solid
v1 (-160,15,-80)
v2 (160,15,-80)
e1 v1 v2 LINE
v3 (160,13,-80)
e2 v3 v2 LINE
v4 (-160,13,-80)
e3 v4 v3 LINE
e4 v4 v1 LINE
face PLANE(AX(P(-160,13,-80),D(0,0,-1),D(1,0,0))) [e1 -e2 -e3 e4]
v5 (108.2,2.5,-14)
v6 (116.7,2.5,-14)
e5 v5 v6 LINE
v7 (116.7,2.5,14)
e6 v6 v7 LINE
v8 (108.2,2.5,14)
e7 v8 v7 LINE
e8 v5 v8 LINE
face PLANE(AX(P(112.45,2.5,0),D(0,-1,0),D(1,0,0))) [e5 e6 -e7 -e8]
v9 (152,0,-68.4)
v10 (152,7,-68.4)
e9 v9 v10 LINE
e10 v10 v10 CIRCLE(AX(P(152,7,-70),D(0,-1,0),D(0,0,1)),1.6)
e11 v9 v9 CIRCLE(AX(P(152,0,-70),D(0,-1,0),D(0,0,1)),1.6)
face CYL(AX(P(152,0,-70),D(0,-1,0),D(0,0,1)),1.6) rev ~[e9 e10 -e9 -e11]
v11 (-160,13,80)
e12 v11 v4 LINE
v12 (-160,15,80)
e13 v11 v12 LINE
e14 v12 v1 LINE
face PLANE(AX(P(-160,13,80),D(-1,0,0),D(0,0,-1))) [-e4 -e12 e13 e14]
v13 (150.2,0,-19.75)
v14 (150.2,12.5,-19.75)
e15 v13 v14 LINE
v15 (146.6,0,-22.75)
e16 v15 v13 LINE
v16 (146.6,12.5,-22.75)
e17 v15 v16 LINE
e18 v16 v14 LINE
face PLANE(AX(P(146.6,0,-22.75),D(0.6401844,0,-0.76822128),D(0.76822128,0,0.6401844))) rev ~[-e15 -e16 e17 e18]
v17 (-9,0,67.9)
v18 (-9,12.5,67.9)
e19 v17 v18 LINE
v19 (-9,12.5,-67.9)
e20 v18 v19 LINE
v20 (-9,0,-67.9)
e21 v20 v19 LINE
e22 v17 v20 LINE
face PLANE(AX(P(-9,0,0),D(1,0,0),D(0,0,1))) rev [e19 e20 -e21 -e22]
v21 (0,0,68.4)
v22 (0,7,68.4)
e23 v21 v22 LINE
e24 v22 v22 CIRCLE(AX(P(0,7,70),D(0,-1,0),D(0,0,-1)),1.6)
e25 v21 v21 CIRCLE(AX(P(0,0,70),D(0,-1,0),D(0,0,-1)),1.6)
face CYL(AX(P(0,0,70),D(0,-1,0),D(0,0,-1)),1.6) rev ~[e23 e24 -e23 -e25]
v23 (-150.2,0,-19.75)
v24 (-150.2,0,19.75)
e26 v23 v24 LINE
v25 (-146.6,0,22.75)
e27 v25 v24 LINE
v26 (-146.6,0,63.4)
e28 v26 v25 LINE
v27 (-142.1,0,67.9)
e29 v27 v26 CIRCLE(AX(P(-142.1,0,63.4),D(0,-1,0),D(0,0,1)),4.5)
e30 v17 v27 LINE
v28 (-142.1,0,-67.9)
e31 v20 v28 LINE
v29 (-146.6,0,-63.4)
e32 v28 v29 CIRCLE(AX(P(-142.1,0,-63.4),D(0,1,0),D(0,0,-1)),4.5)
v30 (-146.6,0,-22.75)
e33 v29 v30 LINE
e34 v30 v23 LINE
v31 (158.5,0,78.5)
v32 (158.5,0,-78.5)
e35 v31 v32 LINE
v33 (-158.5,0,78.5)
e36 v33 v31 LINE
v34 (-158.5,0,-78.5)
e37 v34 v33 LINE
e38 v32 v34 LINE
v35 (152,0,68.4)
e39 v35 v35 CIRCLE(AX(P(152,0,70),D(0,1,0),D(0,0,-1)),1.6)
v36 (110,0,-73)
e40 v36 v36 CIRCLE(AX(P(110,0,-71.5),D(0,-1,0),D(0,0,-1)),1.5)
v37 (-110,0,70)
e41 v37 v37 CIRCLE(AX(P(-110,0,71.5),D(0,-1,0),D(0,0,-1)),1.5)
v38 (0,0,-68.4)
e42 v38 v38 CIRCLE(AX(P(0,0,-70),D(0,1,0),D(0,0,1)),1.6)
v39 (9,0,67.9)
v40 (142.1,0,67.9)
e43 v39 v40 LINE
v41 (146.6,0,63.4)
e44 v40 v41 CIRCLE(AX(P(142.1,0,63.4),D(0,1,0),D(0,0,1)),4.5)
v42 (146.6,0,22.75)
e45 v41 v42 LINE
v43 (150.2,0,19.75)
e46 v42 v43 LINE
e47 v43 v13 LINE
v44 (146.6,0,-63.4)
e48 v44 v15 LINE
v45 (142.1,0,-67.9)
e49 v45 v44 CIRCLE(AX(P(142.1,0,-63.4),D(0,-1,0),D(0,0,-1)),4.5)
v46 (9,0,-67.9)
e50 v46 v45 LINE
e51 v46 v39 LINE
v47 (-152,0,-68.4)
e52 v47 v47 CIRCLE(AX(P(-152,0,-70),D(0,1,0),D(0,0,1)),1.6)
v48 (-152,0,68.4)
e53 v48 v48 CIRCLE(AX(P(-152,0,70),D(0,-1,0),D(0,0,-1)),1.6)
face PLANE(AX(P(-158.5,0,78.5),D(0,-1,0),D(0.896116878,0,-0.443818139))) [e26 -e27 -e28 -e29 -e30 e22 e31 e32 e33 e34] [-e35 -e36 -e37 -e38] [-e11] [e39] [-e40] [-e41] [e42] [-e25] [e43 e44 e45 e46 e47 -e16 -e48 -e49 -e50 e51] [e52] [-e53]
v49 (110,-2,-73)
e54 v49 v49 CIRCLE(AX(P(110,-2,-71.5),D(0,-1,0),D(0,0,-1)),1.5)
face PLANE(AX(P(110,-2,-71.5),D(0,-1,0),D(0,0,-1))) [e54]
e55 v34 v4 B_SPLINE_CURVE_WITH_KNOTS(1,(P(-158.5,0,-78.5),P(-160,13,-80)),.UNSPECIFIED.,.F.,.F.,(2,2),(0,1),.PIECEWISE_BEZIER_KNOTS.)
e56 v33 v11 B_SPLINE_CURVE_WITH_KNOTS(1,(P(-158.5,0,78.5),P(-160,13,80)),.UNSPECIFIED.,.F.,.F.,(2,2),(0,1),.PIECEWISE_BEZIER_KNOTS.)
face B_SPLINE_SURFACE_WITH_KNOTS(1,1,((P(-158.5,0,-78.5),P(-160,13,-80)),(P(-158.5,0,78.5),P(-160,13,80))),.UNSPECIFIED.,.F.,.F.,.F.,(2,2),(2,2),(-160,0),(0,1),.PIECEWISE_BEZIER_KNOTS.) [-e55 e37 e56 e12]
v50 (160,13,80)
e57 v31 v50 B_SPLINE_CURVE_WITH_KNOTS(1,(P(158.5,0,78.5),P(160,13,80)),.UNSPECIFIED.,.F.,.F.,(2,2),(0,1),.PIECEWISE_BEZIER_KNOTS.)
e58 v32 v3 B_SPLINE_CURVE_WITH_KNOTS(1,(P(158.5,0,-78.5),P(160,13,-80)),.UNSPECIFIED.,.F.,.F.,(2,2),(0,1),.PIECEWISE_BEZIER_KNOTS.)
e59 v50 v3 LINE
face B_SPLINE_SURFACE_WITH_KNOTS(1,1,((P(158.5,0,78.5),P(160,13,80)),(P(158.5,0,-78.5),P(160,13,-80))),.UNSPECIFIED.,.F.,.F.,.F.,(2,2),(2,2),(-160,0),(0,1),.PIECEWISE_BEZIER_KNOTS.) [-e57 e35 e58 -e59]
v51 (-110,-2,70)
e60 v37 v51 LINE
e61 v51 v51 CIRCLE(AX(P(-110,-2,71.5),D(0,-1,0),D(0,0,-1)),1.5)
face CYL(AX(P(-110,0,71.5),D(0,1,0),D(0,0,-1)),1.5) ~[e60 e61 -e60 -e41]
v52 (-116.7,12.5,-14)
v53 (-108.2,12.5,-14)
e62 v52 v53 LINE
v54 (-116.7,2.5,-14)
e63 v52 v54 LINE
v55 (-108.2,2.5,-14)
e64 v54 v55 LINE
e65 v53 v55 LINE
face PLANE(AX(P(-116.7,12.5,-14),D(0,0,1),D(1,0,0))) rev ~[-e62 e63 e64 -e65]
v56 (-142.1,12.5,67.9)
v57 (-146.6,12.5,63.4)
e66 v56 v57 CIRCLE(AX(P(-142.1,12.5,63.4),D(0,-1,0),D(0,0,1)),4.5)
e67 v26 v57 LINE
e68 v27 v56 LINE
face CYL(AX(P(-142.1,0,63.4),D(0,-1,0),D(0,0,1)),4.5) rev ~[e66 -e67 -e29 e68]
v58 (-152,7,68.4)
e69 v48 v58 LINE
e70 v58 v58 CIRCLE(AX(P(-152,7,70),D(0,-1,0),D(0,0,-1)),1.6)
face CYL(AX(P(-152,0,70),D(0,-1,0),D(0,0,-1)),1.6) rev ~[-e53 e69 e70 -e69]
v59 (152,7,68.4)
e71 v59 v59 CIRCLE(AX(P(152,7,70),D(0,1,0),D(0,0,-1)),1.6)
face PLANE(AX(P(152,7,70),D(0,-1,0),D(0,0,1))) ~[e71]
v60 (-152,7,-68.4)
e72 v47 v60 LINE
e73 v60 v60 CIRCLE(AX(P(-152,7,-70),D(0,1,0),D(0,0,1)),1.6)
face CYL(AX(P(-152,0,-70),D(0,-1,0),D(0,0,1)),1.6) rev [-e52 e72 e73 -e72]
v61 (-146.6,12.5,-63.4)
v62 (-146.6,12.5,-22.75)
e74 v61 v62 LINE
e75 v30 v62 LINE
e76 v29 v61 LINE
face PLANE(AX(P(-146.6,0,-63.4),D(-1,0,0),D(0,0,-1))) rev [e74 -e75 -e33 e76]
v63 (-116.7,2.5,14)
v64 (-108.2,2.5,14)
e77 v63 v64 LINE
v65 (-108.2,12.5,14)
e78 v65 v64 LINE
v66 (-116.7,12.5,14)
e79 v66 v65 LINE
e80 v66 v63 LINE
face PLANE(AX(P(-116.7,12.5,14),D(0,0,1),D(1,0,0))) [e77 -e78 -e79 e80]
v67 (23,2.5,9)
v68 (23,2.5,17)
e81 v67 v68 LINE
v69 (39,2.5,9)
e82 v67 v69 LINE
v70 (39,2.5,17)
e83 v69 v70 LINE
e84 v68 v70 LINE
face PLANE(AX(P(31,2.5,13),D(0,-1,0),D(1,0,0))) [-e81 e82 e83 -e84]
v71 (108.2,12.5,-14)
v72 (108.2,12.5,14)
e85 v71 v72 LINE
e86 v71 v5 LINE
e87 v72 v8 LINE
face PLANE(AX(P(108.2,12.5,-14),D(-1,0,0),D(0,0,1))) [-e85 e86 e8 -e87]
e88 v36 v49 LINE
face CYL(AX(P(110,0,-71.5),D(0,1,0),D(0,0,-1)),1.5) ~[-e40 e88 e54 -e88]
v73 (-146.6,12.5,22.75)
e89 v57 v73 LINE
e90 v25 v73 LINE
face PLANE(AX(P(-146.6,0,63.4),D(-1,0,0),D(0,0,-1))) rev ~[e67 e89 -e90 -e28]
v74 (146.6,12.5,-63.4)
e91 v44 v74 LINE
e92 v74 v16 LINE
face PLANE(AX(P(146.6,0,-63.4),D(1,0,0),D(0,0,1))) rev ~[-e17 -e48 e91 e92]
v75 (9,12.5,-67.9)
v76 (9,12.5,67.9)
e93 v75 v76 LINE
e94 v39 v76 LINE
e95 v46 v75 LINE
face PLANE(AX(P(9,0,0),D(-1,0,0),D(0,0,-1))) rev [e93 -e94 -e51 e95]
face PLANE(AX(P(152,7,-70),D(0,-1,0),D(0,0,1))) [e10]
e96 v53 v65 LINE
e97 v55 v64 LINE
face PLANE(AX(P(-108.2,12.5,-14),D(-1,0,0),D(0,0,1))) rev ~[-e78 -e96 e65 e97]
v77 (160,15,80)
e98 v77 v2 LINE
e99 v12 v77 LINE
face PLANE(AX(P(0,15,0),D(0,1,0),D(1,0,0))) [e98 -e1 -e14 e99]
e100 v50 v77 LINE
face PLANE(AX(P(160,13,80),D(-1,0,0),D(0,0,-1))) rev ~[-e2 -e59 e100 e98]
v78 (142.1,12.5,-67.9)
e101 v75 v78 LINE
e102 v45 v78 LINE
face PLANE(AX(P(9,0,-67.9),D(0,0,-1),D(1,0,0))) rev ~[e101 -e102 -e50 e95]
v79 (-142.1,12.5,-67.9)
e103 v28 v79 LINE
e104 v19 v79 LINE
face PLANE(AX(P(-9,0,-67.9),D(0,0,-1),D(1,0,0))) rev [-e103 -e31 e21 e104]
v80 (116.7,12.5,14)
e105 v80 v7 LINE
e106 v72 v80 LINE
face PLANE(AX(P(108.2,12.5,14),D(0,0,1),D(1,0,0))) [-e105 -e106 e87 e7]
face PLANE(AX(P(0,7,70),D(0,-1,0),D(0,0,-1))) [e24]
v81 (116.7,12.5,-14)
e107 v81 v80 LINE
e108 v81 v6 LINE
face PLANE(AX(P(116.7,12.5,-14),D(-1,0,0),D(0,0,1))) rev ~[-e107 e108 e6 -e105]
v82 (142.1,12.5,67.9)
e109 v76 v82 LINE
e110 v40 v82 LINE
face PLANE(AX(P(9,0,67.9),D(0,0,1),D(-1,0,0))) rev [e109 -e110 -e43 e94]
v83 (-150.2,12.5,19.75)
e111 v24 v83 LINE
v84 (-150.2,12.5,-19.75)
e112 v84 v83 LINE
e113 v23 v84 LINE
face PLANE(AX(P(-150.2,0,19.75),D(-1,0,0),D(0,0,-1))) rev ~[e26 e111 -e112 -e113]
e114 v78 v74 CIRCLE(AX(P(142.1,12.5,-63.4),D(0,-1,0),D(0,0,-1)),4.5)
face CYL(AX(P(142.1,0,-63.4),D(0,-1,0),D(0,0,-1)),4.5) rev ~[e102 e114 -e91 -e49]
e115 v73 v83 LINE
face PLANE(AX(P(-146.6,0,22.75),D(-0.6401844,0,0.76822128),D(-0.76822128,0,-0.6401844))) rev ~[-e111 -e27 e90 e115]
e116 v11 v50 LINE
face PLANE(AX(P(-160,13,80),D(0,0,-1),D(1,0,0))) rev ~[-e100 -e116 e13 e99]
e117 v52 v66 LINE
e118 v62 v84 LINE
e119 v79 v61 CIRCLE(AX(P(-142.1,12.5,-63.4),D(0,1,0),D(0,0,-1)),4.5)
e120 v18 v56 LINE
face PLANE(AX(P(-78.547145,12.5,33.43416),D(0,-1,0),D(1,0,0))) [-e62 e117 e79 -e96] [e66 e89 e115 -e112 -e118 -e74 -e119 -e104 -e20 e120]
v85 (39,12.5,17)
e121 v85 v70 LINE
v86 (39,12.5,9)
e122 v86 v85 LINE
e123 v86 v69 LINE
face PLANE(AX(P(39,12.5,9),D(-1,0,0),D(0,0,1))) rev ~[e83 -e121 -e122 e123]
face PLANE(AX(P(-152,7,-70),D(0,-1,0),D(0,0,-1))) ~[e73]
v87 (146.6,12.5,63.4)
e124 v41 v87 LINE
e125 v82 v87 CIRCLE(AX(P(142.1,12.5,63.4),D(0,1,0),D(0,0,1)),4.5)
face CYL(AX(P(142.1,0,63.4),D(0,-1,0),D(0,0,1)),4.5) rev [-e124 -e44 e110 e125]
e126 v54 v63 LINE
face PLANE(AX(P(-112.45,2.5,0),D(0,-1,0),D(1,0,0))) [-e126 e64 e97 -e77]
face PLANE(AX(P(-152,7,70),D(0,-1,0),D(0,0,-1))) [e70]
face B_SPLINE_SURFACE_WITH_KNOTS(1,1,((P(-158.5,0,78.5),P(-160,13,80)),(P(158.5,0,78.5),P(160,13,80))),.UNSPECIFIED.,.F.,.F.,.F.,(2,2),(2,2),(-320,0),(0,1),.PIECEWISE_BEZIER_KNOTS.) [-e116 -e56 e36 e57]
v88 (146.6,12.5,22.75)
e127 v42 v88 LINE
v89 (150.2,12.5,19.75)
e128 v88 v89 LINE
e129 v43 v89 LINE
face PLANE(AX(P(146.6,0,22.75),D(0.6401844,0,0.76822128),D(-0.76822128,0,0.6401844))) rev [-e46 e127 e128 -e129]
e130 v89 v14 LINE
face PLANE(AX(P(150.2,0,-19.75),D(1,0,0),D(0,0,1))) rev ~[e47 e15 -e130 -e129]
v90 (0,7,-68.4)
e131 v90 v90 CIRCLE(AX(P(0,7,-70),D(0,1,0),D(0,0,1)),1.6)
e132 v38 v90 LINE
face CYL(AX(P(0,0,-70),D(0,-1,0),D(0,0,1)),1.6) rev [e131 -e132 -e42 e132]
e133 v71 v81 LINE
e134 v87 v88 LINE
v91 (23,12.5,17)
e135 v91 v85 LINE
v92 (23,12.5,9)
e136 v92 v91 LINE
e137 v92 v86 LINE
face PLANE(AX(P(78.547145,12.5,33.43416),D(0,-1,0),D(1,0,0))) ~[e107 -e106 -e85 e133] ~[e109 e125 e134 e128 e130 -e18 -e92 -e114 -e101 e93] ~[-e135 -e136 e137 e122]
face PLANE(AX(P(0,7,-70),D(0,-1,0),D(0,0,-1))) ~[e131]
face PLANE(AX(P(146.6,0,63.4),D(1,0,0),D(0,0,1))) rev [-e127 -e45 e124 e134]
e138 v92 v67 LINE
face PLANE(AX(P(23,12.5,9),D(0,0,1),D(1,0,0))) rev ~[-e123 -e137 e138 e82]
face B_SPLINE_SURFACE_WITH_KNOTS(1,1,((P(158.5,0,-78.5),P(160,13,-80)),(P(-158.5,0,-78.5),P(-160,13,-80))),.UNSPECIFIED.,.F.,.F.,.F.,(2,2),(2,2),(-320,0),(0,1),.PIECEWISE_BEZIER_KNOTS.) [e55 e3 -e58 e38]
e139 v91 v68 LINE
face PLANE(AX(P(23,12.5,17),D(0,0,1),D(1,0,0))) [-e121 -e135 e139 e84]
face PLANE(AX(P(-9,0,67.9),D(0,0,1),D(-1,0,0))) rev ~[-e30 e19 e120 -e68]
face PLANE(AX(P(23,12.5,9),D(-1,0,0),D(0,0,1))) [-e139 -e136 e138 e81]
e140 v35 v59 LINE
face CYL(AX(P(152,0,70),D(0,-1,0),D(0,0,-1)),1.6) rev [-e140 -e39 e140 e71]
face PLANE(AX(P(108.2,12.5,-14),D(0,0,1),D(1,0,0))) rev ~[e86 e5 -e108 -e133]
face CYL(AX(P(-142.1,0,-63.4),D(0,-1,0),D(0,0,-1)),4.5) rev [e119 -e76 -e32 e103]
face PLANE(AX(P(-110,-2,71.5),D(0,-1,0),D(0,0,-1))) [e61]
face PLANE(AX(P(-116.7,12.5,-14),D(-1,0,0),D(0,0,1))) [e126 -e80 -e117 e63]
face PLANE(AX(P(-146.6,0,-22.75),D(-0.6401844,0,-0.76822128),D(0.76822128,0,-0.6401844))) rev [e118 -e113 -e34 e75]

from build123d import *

# Parameters (mm, degrees)
SKETCH2_W                                  = 320
SKETCH2_H                                  = 160
BOSS_EXTRUDE1_DEPTH                        = 2
SKETCH3_R                                  = 1.6
CUT_EXTRUDE1_DEPTH                         = 7
CUT_EXTRUDE2_DEPTH                         = 12.5
MIRROR1_AT_THE_SECOND_PLANE_COPY_1_SKETC_R = 1.6
MIRROR1_AT_THE_SECOND_PLANE_COPY_1_DEPTH   = 7
MIRROR1_AT_THE_SECOND_PLANE_COPY_2_DEPTH   = 12.5
SKETCH4_W                                  = 8.5
SKETCH4_H                                  = 28
SKETCH4_W_2                                = 16
SKETCH4_H_2                                = 8
BOSS_EXTRUDE3_DEPTH                        = 10
SKETCH5_R                                  = 1.5
BOSS_EXTRUDE4_DEPTH                        = 2


with BuildPart() as part:
    # Sketch2 → Boss-Extrude1 (new body)
    with BuildSketch(Plane(origin=(0, 13, 0), x_dir=(1, 0, 0), z_dir=(0, 1, 0))):
        Rectangle(SKETCH2_W, SKETCH2_H)
    extrude(amount=BOSS_EXTRUDE1_DEPTH)

    # Sketch1 → Loft1 section 0
    with BuildSketch(Plane(origin=(0, 0, 0), x_dir=(1, 0, 0), z_dir=(0, 1, 0))):
        with BuildLine():
            Line((-158.5, -78.5), (158.5, -78.5))
            Line((158.5, -78.5), (158.5, 78.5))
            Line((158.5, 78.5), (-158.5, 78.5))
            Line((-158.5, 78.5), (-158.5, -78.5))
        make_face()
    # Sketch2<2> → Loft1 section 1
    with BuildSketch(Plane(origin=(0, 13, 0), x_dir=(1, 0, 0), z_dir=(0, 1, 0))):
        with BuildLine():
            Line((160, -80), (-160, -80))
            Line((-160, -80), (-160, 80))
            Line((-160, 80), (160, 80))
            Line((160, 80), (160, -80))
        make_face()
    loft()

    # Sketch3 → Cut-Extrude1 (cut)
    with BuildSketch(Plane.XZ):
        with Locations((0, 70)):
            Circle(SKETCH3_R)
        with Locations((-152, 70)):
            Circle(SKETCH3_R)
    cut_extrude1 = extrude(amount=-CUT_EXTRUDE1_DEPTH, mode=Mode.SUBTRACT)

    # Sketch3<4> → Cut-Extrude2 (cut)
    with BuildSketch(Plane.XZ):
        with BuildLine():
            Line((-150.2, 0), (-9, 0))
            Line((-9, 0), (-9, 67.9))
            Line((-9, 67.9), (-142.1, 67.9))
            ThreePointArc((-142.1, 67.9), (-145.281980515, 66.581980515), (-146.6, 63.4))
            Line((-146.6, 63.4), (-146.6, 22.75))
            Line((-146.6, 22.75), (-150.2, 19.75))
            Line((-150.2, 19.75), (-150.2, 0))
        make_face()
    cut_extrude2 = extrude(amount=-CUT_EXTRUDE2_DEPTH, mode=Mode.SUBTRACT)

    # Mirror1: Cut-Extrude1, Cut-Extrude2 across plane
    add(cut_extrude1.mirror(Plane.XY), mode=Mode.SUBTRACT)
    add(cut_extrude2.mirror(Plane.XY), mode=Mode.SUBTRACT)

    # Mirror1 at the second plane: Cut-Extrude1, Cut-Extrude2 across plane
    add(cut_extrude1.mirror(Plane(origin=(0, 0, 0), x_dir=(0, 0, 1), z_dir=(1, 0, 0))), mode=Mode.SUBTRACT)
    add(cut_extrude2.mirror(Plane(origin=(0, 0, 0), x_dir=(0, 0, 1), z_dir=(1, 0, 0))), mode=Mode.SUBTRACT)

    # Mirror1 at the second plane copy 1 sketc → Mirror1 at the second plane copy 1 (cut)
    with BuildSketch(Plane(origin=(0, 0, 0), x_dir=(-1, 0, 0), z_dir=(0, -1, 0))):
        with Locations((0, 70)):
            Circle(MIRROR1_AT_THE_SECOND_PLANE_COPY_1_SKETC_R)
        with Locations((-152, 70)):
            Circle(MIRROR1_AT_THE_SECOND_PLANE_COPY_1_SKETC_R)
    extrude(amount=-MIRROR1_AT_THE_SECOND_PLANE_COPY_1_DEPTH, mode=Mode.SUBTRACT)

    # Mirror1 at the second plane copy 2 sketc → Mirror1 at the second plane copy 2 (cut)
    with BuildSketch(Plane(origin=(0, 0, 0), x_dir=(-1, 0, 0), z_dir=(0, -1, 0))):
        with BuildLine():
            Line((-150.2, 0), (-9, 0))
            Line((-9, 0), (-9, 67.9))
            Line((-9, 67.9), (-142.1, 67.9))
            ThreePointArc((-142.1, 67.9), (-145.281980515, 66.581980515), (-146.6, 63.4))
            Line((-146.6, 63.4), (-146.6, 22.75))
            Line((-146.6, 22.75), (-150.2, 19.75))
            Line((-150.2, 19.75), (-150.2, 0))
        make_face()
    extrude(amount=-MIRROR1_AT_THE_SECOND_PLANE_COPY_2_DEPTH, mode=Mode.SUBTRACT)

    # Sketch4 → Boss-Extrude3 (add)
    with BuildSketch(Plane.XZ.offset(-12.5)):
        with Locations((-112.45, 0)):
            Rectangle(SKETCH4_W, SKETCH4_H)
        with Locations((112.45, 0)):
            Rectangle(SKETCH4_W, SKETCH4_H)
        with Locations((31, 13)):
            Rectangle(SKETCH4_W_2, SKETCH4_H_2)
    extrude(amount=BOSS_EXTRUDE3_DEPTH)

    # Sketch5 → Boss-Extrude4 (add)
    with BuildSketch(Plane.XZ):
        with Locations((-110, 71.5)):
            Circle(SKETCH5_R)
        with Locations((110, -71.5)):
            Circle(SKETCH5_R)
    extrude(amount=BOSS_EXTRUDE4_DEPTH)


solid = part.part
